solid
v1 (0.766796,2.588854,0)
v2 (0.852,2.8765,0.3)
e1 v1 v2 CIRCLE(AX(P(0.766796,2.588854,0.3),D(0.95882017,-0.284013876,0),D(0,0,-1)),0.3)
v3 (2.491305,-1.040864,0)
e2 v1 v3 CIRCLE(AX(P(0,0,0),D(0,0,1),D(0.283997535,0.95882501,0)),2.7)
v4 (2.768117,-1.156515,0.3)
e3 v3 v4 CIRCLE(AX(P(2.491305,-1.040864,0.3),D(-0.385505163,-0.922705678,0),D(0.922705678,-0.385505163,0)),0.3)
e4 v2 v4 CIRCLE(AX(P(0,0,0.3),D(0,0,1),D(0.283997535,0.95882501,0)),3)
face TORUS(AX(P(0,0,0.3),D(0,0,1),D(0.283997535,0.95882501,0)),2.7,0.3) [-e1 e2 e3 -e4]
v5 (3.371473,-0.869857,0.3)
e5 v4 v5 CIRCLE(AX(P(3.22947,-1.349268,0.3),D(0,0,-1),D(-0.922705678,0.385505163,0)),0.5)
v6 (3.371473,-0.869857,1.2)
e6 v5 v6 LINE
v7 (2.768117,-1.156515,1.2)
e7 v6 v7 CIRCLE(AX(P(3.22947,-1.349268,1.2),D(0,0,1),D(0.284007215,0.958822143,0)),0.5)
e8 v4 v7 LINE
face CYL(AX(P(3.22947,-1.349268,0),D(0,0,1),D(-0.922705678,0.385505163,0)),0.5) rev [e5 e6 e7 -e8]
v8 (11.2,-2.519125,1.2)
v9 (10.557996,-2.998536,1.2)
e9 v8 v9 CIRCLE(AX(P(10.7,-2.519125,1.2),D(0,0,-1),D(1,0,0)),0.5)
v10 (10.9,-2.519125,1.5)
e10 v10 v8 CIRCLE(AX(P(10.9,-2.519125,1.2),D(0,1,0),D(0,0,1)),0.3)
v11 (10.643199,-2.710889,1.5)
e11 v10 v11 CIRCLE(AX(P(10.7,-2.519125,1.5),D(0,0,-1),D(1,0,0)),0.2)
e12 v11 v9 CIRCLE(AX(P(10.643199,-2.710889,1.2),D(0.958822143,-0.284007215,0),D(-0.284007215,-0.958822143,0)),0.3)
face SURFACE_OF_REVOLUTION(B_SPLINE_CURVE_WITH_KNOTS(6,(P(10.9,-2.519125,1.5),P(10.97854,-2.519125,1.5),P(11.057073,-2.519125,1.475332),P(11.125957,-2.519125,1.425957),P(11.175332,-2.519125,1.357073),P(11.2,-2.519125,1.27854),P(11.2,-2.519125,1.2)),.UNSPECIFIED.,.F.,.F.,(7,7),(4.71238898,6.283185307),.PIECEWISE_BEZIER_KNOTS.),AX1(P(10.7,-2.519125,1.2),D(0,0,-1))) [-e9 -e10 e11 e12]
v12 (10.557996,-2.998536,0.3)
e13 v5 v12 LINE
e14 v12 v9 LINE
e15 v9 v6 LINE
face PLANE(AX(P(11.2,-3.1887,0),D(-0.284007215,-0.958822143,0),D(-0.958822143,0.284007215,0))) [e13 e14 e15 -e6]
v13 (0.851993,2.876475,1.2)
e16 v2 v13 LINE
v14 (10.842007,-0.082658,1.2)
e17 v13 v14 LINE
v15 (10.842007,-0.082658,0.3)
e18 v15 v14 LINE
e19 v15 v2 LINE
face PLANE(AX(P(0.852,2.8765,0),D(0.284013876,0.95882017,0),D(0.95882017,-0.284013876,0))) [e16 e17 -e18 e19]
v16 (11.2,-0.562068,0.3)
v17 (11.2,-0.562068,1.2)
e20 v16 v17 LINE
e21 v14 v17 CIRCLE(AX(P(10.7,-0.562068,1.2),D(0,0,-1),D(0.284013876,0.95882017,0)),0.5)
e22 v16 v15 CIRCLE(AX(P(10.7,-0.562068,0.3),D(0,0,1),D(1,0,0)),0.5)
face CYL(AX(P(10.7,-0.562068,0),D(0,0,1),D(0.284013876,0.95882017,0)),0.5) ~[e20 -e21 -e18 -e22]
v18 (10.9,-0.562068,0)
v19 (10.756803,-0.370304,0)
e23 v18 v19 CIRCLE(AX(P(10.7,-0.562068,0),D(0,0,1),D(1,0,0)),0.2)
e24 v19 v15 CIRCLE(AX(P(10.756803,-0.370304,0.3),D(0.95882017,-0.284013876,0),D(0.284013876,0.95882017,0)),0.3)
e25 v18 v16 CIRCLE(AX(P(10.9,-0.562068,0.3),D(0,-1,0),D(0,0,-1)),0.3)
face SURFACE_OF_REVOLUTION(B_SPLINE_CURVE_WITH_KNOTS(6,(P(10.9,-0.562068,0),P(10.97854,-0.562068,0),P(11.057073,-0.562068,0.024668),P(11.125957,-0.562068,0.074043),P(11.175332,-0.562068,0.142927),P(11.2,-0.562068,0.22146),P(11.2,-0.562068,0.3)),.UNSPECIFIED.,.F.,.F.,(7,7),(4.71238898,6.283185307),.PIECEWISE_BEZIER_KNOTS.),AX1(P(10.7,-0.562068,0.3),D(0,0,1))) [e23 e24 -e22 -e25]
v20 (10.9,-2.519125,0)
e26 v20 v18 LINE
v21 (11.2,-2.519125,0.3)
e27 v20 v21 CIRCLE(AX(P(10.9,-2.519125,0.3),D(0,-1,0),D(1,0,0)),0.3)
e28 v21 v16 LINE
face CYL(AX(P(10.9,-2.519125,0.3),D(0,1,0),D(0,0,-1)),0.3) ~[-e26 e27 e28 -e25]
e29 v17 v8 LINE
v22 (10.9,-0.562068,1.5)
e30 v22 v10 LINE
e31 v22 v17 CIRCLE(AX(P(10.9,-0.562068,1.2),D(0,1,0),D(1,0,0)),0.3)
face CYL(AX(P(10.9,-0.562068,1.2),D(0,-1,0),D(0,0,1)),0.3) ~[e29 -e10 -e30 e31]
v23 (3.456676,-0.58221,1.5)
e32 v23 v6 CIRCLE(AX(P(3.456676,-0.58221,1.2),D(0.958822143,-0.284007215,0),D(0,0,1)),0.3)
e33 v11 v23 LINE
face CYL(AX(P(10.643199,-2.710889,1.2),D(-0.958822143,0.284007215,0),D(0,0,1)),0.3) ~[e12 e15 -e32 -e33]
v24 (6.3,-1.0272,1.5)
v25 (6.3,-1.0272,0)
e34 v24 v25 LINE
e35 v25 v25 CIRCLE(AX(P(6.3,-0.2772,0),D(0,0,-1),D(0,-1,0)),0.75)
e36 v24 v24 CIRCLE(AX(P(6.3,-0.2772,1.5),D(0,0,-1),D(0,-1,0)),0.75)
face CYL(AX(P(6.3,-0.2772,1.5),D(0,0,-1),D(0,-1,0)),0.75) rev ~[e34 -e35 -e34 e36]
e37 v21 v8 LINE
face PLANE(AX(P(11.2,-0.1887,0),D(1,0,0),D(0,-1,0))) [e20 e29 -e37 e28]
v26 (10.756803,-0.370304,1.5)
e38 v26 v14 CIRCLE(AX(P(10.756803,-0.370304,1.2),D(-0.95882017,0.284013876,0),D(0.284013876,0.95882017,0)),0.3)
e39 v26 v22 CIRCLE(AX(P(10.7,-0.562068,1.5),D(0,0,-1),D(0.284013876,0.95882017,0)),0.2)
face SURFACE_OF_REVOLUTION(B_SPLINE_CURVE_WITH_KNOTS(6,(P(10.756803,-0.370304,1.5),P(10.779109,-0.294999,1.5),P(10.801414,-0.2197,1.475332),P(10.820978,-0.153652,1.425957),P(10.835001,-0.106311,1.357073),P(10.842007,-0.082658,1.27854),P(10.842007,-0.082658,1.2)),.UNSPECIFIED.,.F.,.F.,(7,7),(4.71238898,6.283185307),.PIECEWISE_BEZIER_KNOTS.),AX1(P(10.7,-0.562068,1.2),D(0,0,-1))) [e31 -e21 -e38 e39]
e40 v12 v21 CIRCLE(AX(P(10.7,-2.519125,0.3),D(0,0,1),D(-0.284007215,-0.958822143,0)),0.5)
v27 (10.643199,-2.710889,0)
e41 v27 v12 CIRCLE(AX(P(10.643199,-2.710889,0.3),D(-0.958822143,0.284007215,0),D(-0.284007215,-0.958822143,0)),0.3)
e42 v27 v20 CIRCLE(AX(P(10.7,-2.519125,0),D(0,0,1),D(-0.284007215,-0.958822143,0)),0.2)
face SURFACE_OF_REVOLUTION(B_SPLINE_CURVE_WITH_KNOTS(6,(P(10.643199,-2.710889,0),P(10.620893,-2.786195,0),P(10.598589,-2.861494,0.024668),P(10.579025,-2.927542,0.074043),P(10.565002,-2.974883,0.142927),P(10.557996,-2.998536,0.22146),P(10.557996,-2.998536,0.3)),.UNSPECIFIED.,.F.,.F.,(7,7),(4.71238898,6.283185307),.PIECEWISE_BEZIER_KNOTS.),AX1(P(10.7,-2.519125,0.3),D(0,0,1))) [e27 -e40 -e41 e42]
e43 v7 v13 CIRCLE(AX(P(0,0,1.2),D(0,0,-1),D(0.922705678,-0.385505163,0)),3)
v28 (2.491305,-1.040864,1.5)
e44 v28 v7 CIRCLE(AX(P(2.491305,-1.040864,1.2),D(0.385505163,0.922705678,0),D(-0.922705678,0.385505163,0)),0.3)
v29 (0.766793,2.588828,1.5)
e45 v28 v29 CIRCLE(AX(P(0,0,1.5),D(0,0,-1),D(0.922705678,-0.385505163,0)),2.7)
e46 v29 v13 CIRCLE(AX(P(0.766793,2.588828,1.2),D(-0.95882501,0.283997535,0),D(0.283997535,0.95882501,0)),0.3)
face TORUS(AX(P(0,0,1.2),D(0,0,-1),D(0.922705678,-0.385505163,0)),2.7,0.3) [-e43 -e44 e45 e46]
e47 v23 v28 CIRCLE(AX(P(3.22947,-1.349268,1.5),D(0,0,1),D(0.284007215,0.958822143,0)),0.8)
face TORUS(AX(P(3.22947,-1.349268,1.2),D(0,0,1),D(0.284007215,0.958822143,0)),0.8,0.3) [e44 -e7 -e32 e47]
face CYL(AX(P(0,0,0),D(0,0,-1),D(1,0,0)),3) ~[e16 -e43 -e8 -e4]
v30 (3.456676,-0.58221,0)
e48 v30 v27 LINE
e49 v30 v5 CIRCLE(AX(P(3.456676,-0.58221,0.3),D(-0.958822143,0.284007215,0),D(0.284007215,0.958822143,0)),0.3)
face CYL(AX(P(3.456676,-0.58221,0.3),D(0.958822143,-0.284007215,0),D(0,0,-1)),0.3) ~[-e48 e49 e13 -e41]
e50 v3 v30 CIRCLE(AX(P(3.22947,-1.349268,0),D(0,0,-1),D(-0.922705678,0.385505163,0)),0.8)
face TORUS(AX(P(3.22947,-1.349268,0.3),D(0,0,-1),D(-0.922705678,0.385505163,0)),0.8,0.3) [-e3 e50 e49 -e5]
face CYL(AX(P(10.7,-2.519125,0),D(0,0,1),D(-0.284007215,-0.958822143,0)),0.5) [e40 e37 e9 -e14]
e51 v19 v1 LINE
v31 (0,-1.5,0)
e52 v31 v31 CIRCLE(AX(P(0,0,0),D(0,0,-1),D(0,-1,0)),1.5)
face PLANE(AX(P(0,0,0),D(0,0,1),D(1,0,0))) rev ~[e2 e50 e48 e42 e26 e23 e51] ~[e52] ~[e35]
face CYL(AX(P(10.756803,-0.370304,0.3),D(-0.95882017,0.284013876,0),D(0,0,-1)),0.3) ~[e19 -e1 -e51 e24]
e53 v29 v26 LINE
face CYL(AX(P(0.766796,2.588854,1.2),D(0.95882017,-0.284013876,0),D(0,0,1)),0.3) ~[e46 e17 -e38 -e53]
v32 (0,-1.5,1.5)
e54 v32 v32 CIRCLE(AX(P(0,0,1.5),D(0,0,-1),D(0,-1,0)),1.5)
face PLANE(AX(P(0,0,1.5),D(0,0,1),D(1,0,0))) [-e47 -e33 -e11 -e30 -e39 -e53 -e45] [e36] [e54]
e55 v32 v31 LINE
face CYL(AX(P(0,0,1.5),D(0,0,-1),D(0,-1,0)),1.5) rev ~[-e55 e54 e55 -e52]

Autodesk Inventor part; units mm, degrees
ref_plane "YZ Plane" through (0, 0, 0) normal (1, 0, 0) x (0, 1, 0)
ref_plane "XZ Plane" through (0, 0, 0) normal (0, 1, 0) x (-1, 0, 0)
ref_plane "XY Plane" through (0, 0, 0) normal (0, 0, 1) x (1, 0, 0)
sketch "Sketch1" plane through (0, 0, 0) normal (0, 0, 1) x (1, 0, 0)
  circle A0 centre (0, 0) radius 3
  line L0 (0.852, 2.8765) -> (11.2, -0.1887)
  line L1 (11.2, -0.1887) -> (11.2, -3.1887)
  line L2 (11.2, -3.1887) -> (2.9091, -0.7329)
  line L3 (0, 0) -> (-3, 0) construction
  dimension "d0" = 11.2
  dimension "d1" = 16.5
  dimension "d2" = 6
  dimension "d3" = 3
extrude "Extrusion1" add sketch "Sketch1" along normal blind 1.5
fillet "Fillet1" radius 0.5 3 edges at (2.9091, -0.7329, 0.75) (11.2, -3.1887, 0.75) (11.2, -0.1887, 0.75)
sketch "Sketch2" plane through (0, 0, 1.5) normal (0, 0, 1) x (1, 0, 0)
  line L0 (10.558, -2.9986) -> (3.3715, -0.8698) projected
  point P0 (0, 0)
  point P1 (6.3, -0.2772)
  dimension "d7" = 1.4
  dimension "d8" = 6.3
hole "Hole1" at (6.3, -0.2772, 1.5) direction (0, 0, -1) diameter 1.5 end through all
hole "Hole2" at (0, 0, 1.5) direction (0, 0, -1) diameter 3 end through all
fillet "Fillet2" radius 0.3 14 edges at (11.1006, -0.2629, 1.5) (11.2, -1.5406, 1.5) (10.9992, -2.9198, 1.5) (6.9647, -1.9342, 1.5) (3.0149, -0.8976, 1.5) (-2.7097, -1.2874, 1.5) (5.847, 1.3969, 1.5) (10.9992, -2.9198, 0) (11.2, -1.5406, 0) (11.1006, -0.2629, 0) (5.847, 1.3969, 0) (-2.7097, -1.2874, 0) (3.0149, -0.8976, 0) (6.9647, -1.9342, 0)
properties part number "403-05" material "Steel, Mild"
